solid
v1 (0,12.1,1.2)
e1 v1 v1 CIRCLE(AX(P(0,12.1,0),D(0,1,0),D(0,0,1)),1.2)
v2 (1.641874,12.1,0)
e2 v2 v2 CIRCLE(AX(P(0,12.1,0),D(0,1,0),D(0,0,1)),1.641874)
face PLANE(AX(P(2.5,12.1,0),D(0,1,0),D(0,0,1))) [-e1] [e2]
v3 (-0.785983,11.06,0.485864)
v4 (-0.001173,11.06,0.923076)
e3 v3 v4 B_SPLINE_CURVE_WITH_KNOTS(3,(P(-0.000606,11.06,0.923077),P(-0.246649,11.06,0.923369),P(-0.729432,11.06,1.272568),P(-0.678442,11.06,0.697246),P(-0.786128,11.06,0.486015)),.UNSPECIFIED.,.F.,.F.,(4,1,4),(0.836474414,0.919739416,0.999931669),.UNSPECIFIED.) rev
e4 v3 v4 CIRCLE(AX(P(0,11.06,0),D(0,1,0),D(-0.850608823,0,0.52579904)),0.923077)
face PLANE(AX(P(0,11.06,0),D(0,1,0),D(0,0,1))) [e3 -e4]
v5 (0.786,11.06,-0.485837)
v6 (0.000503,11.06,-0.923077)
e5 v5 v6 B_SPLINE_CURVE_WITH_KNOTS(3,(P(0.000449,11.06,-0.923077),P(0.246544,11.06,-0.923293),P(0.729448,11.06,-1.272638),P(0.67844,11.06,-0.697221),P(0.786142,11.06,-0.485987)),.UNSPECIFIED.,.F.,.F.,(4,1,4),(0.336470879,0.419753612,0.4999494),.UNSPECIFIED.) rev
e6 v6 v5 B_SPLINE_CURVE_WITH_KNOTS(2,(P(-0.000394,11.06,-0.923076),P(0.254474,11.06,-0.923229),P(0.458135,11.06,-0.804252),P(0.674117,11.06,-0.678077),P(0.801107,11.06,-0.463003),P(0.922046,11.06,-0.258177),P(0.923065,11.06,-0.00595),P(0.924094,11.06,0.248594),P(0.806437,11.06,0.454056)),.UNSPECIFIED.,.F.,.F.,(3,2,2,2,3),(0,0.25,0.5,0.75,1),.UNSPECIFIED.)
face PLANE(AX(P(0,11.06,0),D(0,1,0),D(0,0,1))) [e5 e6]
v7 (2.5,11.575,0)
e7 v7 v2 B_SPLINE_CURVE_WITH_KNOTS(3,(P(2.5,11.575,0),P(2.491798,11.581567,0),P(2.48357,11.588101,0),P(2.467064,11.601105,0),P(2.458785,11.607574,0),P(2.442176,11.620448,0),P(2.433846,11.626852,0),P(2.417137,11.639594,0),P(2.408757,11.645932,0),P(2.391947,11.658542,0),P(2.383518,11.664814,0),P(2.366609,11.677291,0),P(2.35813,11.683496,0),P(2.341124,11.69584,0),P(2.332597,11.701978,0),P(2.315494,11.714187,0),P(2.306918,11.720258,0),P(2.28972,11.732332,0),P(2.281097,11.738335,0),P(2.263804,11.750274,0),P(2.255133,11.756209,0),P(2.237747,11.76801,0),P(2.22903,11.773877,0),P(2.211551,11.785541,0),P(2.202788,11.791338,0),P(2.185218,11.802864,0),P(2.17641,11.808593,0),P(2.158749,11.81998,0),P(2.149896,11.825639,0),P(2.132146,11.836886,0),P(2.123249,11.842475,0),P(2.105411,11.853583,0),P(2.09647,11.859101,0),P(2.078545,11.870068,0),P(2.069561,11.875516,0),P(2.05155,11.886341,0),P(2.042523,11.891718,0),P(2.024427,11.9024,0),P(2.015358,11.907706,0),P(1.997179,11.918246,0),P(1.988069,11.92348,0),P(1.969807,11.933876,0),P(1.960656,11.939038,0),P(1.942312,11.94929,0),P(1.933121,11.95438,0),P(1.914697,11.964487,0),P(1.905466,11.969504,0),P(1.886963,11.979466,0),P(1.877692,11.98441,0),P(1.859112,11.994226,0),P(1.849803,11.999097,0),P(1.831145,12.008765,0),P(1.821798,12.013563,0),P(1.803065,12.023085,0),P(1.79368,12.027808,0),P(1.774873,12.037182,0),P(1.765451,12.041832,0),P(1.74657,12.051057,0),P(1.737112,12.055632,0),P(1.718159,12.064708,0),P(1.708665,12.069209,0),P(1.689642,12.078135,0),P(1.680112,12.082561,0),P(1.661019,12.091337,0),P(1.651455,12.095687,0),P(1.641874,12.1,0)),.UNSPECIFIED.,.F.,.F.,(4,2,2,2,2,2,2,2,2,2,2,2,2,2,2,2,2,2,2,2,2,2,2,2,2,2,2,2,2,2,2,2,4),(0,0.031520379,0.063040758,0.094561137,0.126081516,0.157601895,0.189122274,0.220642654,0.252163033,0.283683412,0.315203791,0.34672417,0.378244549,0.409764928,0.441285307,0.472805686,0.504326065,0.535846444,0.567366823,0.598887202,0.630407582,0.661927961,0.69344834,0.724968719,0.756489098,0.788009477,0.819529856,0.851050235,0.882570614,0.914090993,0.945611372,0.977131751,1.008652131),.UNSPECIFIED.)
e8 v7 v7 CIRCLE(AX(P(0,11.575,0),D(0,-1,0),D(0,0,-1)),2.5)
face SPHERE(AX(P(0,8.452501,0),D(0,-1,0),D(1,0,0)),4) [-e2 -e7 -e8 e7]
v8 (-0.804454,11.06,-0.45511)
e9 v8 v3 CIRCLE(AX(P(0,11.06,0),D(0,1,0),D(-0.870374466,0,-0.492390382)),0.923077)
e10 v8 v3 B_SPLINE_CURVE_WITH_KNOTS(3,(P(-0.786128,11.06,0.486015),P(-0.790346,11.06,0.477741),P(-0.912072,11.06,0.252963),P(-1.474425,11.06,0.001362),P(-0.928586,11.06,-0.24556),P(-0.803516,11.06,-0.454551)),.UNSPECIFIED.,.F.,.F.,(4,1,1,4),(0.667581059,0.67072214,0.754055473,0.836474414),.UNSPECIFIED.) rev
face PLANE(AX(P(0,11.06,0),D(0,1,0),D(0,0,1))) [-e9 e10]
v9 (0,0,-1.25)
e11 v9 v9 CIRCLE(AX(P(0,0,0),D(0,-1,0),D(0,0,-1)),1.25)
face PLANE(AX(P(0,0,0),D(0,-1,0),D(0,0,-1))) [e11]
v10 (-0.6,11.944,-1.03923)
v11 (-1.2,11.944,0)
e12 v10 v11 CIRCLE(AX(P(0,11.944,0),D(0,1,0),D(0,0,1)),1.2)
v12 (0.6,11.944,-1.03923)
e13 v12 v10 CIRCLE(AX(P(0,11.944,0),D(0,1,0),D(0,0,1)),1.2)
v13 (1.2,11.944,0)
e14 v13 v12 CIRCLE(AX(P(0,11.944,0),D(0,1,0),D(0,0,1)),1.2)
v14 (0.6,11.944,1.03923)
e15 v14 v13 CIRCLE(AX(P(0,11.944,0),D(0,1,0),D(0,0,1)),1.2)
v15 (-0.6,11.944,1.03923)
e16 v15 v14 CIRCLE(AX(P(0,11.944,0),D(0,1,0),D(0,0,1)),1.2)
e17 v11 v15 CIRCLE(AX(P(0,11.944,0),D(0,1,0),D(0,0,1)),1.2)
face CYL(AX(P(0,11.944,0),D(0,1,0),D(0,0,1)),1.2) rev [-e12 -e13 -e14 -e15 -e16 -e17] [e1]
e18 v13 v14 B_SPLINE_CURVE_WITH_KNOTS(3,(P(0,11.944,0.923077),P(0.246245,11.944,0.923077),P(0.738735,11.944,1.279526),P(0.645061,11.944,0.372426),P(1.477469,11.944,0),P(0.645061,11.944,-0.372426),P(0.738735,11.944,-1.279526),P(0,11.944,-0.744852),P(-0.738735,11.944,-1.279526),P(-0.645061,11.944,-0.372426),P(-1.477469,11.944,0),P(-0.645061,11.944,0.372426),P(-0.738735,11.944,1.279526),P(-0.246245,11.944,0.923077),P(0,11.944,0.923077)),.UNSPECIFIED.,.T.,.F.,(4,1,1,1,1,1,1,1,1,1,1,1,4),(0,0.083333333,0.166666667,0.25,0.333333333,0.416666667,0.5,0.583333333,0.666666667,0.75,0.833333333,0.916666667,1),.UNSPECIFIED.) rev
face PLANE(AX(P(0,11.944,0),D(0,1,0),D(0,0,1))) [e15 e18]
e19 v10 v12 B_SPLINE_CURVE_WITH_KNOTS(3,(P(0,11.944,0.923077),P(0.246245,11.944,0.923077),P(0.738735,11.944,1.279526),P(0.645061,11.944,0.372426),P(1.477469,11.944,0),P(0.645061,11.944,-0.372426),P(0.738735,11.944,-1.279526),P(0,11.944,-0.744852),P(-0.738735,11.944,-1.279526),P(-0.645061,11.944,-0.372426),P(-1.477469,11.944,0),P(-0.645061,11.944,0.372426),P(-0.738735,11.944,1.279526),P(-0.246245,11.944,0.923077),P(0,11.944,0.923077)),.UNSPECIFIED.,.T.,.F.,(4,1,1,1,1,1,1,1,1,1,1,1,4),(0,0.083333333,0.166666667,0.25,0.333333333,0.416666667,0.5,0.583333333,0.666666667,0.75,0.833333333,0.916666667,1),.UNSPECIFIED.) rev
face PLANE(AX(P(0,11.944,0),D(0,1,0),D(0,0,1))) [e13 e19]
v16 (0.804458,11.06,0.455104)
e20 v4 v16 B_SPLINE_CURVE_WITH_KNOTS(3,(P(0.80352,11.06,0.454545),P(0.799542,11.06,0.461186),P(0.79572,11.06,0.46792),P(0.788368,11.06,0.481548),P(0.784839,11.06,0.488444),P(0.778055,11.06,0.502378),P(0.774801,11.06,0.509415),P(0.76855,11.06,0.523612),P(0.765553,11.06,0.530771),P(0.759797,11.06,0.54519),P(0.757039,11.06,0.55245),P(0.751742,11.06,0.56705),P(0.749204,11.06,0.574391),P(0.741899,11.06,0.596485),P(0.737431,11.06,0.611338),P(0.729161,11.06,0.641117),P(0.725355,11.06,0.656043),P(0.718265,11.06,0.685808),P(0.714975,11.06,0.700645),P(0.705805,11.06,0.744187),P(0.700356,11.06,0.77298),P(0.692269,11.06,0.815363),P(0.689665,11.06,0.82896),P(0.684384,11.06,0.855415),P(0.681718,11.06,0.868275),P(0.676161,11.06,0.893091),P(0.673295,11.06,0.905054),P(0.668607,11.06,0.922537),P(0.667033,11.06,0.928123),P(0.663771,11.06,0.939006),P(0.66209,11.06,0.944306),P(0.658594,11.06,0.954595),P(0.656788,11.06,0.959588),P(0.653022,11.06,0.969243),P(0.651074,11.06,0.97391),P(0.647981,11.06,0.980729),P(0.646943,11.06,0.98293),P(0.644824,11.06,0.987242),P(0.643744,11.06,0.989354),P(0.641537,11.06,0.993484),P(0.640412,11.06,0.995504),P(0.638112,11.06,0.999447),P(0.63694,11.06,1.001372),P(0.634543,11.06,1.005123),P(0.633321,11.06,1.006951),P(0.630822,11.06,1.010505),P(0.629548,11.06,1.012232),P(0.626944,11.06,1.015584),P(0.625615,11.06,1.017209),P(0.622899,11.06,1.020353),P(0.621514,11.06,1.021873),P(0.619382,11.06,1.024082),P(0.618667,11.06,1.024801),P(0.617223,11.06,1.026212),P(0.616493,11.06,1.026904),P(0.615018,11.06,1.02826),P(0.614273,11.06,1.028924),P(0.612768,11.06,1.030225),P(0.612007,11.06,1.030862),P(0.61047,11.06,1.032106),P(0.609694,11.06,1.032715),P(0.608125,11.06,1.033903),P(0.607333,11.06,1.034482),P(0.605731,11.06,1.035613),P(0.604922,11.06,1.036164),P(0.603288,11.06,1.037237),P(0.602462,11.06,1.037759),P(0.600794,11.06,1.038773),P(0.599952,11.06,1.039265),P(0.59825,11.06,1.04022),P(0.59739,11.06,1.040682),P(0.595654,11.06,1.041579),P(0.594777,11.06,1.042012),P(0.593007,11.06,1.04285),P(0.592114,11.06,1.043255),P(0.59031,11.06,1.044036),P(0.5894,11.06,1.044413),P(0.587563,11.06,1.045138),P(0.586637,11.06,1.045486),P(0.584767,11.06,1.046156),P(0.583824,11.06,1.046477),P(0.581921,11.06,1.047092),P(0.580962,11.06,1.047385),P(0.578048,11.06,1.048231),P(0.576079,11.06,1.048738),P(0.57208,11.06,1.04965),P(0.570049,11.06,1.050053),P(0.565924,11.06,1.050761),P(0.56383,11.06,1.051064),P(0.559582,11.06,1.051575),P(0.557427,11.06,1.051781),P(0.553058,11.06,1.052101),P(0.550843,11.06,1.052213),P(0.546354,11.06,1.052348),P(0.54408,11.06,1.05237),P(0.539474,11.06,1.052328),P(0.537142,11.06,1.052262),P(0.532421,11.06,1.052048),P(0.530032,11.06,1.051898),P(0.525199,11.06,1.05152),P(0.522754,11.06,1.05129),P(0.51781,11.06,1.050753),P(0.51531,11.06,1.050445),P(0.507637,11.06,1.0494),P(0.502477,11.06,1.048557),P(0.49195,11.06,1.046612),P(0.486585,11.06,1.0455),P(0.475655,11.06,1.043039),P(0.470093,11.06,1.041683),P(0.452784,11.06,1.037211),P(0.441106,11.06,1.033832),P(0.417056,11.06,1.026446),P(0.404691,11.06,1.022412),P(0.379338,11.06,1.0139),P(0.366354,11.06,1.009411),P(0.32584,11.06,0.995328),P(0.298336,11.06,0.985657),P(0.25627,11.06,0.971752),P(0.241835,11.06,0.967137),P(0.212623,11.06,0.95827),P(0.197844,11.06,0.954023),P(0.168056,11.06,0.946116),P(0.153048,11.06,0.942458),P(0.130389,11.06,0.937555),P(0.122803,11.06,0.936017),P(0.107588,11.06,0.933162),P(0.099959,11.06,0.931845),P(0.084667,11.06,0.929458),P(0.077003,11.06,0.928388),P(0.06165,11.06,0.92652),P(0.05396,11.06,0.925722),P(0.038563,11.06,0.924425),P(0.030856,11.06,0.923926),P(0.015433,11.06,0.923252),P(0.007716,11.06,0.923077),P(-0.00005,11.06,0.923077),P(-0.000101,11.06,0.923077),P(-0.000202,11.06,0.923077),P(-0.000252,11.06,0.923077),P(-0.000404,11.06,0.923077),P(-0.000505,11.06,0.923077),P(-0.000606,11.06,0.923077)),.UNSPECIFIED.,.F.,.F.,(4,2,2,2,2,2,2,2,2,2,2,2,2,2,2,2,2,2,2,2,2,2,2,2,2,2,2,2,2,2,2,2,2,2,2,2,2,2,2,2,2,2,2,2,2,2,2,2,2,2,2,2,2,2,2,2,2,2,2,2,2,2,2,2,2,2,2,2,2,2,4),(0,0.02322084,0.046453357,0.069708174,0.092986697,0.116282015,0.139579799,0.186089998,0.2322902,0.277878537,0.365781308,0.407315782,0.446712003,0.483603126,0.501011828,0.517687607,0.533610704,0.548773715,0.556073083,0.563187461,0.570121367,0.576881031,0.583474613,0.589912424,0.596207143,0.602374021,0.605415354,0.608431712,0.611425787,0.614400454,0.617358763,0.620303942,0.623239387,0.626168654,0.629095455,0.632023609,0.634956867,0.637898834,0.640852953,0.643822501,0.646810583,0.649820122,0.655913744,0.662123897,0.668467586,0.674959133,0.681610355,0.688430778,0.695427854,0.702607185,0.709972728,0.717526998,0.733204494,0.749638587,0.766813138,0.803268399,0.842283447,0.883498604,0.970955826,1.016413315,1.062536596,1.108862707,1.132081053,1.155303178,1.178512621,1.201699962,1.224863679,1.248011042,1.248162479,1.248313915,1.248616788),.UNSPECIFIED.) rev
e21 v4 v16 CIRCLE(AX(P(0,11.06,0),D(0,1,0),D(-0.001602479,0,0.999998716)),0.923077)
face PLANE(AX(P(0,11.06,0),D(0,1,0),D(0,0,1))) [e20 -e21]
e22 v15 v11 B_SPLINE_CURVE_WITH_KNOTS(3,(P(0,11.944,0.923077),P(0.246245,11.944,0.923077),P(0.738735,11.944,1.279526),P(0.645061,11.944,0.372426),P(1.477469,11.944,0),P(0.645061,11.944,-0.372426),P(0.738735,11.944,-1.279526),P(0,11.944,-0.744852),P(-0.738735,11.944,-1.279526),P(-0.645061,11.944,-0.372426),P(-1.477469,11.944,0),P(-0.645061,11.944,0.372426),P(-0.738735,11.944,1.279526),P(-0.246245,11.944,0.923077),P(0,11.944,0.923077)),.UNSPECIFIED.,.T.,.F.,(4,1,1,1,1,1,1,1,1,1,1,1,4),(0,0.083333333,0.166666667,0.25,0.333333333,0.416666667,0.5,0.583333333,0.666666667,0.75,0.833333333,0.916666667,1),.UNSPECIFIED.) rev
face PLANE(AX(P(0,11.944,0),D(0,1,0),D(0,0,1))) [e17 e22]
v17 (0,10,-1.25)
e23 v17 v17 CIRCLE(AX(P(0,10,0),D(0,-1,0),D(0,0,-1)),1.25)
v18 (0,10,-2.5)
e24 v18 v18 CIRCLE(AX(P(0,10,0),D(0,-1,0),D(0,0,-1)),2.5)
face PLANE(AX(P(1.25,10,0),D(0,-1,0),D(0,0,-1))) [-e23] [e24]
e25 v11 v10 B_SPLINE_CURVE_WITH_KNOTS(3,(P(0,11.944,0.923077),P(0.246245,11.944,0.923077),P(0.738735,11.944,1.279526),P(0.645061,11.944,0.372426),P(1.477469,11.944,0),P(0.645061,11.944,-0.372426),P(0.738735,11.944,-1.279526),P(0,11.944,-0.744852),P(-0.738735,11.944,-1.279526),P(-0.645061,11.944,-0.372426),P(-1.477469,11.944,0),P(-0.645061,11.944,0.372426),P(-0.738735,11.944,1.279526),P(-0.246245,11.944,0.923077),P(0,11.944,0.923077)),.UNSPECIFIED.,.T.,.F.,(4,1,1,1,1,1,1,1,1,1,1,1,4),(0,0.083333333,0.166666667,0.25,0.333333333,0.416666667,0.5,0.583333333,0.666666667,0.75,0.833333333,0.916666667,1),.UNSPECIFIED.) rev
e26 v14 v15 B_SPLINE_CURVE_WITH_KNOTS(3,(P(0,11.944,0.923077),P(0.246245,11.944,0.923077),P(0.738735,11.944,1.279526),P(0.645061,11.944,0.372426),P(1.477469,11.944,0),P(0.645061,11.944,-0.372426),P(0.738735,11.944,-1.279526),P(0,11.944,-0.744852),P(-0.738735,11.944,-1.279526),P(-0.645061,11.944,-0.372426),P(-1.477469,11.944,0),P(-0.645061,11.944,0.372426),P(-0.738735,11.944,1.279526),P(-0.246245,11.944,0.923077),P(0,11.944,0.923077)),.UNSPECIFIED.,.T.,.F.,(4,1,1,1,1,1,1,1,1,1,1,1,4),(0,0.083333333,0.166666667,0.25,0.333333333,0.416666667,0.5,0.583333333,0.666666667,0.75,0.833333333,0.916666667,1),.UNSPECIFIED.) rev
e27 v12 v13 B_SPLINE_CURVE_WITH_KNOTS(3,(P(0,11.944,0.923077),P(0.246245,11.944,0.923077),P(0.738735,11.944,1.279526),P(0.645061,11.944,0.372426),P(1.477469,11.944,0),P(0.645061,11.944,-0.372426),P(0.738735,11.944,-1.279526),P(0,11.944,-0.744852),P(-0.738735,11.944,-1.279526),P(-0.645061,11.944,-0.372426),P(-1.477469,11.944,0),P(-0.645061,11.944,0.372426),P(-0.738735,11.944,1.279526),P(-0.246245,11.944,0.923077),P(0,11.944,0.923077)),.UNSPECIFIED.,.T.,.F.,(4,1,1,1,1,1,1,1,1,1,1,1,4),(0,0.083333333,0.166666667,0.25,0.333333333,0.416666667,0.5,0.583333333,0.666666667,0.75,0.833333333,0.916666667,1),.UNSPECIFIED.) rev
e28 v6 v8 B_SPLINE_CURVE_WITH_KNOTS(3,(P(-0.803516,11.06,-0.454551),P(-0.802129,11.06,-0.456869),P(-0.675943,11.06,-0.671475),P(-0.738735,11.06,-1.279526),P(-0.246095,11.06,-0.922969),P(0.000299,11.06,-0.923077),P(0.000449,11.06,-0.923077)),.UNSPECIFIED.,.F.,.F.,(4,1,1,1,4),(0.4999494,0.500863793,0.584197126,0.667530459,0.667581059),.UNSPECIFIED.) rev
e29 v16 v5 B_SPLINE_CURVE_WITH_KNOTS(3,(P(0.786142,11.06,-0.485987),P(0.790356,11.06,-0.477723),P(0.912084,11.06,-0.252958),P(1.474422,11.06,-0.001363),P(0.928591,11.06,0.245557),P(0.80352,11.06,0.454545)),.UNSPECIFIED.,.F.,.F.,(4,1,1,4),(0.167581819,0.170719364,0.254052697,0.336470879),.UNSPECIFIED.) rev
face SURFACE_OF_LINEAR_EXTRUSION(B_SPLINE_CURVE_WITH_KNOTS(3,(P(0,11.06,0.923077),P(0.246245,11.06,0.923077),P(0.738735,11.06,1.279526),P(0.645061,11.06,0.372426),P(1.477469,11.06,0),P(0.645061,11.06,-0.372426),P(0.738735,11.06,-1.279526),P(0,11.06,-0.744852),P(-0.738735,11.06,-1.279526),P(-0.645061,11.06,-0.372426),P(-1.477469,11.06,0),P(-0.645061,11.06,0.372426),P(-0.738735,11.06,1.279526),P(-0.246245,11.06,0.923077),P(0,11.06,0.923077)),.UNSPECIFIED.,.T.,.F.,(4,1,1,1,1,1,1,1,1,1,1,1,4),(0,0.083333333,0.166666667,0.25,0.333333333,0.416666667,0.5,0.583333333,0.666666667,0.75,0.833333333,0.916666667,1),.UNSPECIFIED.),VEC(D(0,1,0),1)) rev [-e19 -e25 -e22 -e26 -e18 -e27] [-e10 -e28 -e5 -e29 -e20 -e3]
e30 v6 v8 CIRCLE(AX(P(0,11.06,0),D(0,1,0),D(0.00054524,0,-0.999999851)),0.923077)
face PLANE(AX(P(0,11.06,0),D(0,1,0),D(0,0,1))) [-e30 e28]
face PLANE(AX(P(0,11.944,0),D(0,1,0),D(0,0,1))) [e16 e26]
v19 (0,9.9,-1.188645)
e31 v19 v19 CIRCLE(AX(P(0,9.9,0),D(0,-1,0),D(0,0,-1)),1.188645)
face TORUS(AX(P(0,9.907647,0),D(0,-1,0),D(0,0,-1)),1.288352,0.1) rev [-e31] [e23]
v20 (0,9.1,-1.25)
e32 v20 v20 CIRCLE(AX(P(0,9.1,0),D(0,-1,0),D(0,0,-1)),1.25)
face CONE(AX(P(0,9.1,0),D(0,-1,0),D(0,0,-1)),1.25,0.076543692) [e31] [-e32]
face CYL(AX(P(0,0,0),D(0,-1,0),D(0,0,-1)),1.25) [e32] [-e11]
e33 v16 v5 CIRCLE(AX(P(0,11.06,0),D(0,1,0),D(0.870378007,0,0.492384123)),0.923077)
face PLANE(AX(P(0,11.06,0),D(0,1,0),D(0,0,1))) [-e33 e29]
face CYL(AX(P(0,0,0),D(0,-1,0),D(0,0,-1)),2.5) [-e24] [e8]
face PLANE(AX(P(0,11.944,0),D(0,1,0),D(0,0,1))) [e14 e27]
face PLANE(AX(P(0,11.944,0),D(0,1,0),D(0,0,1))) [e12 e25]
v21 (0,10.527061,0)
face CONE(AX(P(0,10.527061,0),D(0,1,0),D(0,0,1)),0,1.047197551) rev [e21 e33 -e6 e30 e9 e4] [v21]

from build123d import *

# Parameters (mm, degrees)
RECESS_CUT_EXTRUDE1_DEPTH = 1.04
SKETCH7_R                 = 1.2
RECESS_CUT_EXTRUDE2_DEPTH = 0.156


with BuildPart() as part:
    # Sketch1 → BODY (revolve)
    with BuildSketch(Plane.XY, mode=Mode.PRIVATE) as body_sk:
        Polygon((0, 0), (1.25, 0), (1.25, 10), (2.5, 10), (2.5, 12.1), (0, 12.1), align=None)
    revolve(body_sk.sketch.rotate(Axis((0, 0, 0), (0, 1, 0)), 90), axis=Axis((0, 0, 0), (0, 1, 0)))

    # Sketch2 → HEAD-CUT (revolve, cut)
    with BuildSketch(Plane.XY, mode=Mode.PRIVATE) as head_cut_sk:
        with BuildLine():
            ThreePointArc((4, 8.452501001), (2.828427125, 11.280928126), (0, 12.452501001))
            Line((0, 12.452501001), (0, 12.934662571))
            Line((0, 12.934662571), (4, 12.934662571))
            Line((4, 12.934662571), (4, 8.452501001))
        make_face()
    revolve(head_cut_sk.sketch.rotate(Axis((0, 0, 0), (0, 1, 0)), 90), axis=Axis((0, 0, 0), (0, 1, 0)), mode=Mode.SUBTRACT)

    # Sketch4 → GAP (revolve, cut)
    with BuildSketch(Plane.XY, mode=Mode.PRIVATE) as gap_sk:
        with BuildLine():
            Line((-1.25, 9.1), (-1.188645175, 9.9))
            ThreePointArc((-1.188645175, 9.9), (-1.20311675, 9.959943063), (-1.25, 10))
            Line((-1.25, 10), (-1.25, 9.1))
        make_face()
    revolve(gap_sk.sketch.rotate(Axis((0, 0, 0), (0, 1, 0)), 270), axis=Axis((0, 0, 0), (0, 1, 0)), mode=Mode.SUBTRACT)

    # Sketch5 → Recess-Cut-Extrude1 (cut)
    with BuildSketch(Plane(origin=(0, 12.1, 0), x_dir=(-1, 0, 0), z_dir=(0, 1, 0))):
        with BuildLine():
            add(Edge.make_bspline(
                [(0, 0.923076923), (-0.246244913, 0.923076923), (-0.738734739, 1.279526102), (-0.645061043, 0.372426167), (-1.477469478, 0), (-0.645061043, -0.372426167), (-0.738734739, -1.279526102), (0, -0.744852334), (0.738734739, -1.279526102), (0.645061043, -0.372426167), (1.477469478, 0), (0.645061043, 0.372426167), (0.738734739, 1.279526102), (0.246244913, 0.923076923), (0, 0.923076923)],
                knots=[0, 0, 0, 0, 0.083333333, 0.166666667, 0.25, 0.333333333, 0.416666667, 0.5, 0.583333333, 0.666666667, 0.75, 0.833333333, 0.916666667, 1, 1, 1, 1], degree=3))
        make_face()
    extrude(amount=-RECESS_CUT_EXTRUDE1_DEPTH, mode=Mode.SUBTRACT)

    # Sketch3 → DRILL-CUT (revolve, cut)
    with BuildSketch(Plane.XY, mode=Mode.PRIVATE) as drill_cut_sk:
        Polygon((0, 10.52706129), (0.923076923, 11.06), (0, 11.06), align=None)
    revolve(drill_cut_sk.sketch.rotate(Axis((0, 0, 0), (0, 1, 0)), 270), axis=Axis((0, 0, 0), (0, 1, 0)), mode=Mode.SUBTRACT)

    # Sketch7 → Recess-Cut-Extrude2 (cut)
    with BuildSketch(Plane(origin=(0, 12.1, 0), x_dir=(-1, 0, 0), z_dir=(0, 1, 0))):
        with Locations(Location((0, 0, 0), (0, 0, 90))):
            Circle(SKETCH7_R)
    extrude(amount=-RECESS_CUT_EXTRUDE2_DEPTH, mode=Mode.SUBTRACT)


solid = part.part
